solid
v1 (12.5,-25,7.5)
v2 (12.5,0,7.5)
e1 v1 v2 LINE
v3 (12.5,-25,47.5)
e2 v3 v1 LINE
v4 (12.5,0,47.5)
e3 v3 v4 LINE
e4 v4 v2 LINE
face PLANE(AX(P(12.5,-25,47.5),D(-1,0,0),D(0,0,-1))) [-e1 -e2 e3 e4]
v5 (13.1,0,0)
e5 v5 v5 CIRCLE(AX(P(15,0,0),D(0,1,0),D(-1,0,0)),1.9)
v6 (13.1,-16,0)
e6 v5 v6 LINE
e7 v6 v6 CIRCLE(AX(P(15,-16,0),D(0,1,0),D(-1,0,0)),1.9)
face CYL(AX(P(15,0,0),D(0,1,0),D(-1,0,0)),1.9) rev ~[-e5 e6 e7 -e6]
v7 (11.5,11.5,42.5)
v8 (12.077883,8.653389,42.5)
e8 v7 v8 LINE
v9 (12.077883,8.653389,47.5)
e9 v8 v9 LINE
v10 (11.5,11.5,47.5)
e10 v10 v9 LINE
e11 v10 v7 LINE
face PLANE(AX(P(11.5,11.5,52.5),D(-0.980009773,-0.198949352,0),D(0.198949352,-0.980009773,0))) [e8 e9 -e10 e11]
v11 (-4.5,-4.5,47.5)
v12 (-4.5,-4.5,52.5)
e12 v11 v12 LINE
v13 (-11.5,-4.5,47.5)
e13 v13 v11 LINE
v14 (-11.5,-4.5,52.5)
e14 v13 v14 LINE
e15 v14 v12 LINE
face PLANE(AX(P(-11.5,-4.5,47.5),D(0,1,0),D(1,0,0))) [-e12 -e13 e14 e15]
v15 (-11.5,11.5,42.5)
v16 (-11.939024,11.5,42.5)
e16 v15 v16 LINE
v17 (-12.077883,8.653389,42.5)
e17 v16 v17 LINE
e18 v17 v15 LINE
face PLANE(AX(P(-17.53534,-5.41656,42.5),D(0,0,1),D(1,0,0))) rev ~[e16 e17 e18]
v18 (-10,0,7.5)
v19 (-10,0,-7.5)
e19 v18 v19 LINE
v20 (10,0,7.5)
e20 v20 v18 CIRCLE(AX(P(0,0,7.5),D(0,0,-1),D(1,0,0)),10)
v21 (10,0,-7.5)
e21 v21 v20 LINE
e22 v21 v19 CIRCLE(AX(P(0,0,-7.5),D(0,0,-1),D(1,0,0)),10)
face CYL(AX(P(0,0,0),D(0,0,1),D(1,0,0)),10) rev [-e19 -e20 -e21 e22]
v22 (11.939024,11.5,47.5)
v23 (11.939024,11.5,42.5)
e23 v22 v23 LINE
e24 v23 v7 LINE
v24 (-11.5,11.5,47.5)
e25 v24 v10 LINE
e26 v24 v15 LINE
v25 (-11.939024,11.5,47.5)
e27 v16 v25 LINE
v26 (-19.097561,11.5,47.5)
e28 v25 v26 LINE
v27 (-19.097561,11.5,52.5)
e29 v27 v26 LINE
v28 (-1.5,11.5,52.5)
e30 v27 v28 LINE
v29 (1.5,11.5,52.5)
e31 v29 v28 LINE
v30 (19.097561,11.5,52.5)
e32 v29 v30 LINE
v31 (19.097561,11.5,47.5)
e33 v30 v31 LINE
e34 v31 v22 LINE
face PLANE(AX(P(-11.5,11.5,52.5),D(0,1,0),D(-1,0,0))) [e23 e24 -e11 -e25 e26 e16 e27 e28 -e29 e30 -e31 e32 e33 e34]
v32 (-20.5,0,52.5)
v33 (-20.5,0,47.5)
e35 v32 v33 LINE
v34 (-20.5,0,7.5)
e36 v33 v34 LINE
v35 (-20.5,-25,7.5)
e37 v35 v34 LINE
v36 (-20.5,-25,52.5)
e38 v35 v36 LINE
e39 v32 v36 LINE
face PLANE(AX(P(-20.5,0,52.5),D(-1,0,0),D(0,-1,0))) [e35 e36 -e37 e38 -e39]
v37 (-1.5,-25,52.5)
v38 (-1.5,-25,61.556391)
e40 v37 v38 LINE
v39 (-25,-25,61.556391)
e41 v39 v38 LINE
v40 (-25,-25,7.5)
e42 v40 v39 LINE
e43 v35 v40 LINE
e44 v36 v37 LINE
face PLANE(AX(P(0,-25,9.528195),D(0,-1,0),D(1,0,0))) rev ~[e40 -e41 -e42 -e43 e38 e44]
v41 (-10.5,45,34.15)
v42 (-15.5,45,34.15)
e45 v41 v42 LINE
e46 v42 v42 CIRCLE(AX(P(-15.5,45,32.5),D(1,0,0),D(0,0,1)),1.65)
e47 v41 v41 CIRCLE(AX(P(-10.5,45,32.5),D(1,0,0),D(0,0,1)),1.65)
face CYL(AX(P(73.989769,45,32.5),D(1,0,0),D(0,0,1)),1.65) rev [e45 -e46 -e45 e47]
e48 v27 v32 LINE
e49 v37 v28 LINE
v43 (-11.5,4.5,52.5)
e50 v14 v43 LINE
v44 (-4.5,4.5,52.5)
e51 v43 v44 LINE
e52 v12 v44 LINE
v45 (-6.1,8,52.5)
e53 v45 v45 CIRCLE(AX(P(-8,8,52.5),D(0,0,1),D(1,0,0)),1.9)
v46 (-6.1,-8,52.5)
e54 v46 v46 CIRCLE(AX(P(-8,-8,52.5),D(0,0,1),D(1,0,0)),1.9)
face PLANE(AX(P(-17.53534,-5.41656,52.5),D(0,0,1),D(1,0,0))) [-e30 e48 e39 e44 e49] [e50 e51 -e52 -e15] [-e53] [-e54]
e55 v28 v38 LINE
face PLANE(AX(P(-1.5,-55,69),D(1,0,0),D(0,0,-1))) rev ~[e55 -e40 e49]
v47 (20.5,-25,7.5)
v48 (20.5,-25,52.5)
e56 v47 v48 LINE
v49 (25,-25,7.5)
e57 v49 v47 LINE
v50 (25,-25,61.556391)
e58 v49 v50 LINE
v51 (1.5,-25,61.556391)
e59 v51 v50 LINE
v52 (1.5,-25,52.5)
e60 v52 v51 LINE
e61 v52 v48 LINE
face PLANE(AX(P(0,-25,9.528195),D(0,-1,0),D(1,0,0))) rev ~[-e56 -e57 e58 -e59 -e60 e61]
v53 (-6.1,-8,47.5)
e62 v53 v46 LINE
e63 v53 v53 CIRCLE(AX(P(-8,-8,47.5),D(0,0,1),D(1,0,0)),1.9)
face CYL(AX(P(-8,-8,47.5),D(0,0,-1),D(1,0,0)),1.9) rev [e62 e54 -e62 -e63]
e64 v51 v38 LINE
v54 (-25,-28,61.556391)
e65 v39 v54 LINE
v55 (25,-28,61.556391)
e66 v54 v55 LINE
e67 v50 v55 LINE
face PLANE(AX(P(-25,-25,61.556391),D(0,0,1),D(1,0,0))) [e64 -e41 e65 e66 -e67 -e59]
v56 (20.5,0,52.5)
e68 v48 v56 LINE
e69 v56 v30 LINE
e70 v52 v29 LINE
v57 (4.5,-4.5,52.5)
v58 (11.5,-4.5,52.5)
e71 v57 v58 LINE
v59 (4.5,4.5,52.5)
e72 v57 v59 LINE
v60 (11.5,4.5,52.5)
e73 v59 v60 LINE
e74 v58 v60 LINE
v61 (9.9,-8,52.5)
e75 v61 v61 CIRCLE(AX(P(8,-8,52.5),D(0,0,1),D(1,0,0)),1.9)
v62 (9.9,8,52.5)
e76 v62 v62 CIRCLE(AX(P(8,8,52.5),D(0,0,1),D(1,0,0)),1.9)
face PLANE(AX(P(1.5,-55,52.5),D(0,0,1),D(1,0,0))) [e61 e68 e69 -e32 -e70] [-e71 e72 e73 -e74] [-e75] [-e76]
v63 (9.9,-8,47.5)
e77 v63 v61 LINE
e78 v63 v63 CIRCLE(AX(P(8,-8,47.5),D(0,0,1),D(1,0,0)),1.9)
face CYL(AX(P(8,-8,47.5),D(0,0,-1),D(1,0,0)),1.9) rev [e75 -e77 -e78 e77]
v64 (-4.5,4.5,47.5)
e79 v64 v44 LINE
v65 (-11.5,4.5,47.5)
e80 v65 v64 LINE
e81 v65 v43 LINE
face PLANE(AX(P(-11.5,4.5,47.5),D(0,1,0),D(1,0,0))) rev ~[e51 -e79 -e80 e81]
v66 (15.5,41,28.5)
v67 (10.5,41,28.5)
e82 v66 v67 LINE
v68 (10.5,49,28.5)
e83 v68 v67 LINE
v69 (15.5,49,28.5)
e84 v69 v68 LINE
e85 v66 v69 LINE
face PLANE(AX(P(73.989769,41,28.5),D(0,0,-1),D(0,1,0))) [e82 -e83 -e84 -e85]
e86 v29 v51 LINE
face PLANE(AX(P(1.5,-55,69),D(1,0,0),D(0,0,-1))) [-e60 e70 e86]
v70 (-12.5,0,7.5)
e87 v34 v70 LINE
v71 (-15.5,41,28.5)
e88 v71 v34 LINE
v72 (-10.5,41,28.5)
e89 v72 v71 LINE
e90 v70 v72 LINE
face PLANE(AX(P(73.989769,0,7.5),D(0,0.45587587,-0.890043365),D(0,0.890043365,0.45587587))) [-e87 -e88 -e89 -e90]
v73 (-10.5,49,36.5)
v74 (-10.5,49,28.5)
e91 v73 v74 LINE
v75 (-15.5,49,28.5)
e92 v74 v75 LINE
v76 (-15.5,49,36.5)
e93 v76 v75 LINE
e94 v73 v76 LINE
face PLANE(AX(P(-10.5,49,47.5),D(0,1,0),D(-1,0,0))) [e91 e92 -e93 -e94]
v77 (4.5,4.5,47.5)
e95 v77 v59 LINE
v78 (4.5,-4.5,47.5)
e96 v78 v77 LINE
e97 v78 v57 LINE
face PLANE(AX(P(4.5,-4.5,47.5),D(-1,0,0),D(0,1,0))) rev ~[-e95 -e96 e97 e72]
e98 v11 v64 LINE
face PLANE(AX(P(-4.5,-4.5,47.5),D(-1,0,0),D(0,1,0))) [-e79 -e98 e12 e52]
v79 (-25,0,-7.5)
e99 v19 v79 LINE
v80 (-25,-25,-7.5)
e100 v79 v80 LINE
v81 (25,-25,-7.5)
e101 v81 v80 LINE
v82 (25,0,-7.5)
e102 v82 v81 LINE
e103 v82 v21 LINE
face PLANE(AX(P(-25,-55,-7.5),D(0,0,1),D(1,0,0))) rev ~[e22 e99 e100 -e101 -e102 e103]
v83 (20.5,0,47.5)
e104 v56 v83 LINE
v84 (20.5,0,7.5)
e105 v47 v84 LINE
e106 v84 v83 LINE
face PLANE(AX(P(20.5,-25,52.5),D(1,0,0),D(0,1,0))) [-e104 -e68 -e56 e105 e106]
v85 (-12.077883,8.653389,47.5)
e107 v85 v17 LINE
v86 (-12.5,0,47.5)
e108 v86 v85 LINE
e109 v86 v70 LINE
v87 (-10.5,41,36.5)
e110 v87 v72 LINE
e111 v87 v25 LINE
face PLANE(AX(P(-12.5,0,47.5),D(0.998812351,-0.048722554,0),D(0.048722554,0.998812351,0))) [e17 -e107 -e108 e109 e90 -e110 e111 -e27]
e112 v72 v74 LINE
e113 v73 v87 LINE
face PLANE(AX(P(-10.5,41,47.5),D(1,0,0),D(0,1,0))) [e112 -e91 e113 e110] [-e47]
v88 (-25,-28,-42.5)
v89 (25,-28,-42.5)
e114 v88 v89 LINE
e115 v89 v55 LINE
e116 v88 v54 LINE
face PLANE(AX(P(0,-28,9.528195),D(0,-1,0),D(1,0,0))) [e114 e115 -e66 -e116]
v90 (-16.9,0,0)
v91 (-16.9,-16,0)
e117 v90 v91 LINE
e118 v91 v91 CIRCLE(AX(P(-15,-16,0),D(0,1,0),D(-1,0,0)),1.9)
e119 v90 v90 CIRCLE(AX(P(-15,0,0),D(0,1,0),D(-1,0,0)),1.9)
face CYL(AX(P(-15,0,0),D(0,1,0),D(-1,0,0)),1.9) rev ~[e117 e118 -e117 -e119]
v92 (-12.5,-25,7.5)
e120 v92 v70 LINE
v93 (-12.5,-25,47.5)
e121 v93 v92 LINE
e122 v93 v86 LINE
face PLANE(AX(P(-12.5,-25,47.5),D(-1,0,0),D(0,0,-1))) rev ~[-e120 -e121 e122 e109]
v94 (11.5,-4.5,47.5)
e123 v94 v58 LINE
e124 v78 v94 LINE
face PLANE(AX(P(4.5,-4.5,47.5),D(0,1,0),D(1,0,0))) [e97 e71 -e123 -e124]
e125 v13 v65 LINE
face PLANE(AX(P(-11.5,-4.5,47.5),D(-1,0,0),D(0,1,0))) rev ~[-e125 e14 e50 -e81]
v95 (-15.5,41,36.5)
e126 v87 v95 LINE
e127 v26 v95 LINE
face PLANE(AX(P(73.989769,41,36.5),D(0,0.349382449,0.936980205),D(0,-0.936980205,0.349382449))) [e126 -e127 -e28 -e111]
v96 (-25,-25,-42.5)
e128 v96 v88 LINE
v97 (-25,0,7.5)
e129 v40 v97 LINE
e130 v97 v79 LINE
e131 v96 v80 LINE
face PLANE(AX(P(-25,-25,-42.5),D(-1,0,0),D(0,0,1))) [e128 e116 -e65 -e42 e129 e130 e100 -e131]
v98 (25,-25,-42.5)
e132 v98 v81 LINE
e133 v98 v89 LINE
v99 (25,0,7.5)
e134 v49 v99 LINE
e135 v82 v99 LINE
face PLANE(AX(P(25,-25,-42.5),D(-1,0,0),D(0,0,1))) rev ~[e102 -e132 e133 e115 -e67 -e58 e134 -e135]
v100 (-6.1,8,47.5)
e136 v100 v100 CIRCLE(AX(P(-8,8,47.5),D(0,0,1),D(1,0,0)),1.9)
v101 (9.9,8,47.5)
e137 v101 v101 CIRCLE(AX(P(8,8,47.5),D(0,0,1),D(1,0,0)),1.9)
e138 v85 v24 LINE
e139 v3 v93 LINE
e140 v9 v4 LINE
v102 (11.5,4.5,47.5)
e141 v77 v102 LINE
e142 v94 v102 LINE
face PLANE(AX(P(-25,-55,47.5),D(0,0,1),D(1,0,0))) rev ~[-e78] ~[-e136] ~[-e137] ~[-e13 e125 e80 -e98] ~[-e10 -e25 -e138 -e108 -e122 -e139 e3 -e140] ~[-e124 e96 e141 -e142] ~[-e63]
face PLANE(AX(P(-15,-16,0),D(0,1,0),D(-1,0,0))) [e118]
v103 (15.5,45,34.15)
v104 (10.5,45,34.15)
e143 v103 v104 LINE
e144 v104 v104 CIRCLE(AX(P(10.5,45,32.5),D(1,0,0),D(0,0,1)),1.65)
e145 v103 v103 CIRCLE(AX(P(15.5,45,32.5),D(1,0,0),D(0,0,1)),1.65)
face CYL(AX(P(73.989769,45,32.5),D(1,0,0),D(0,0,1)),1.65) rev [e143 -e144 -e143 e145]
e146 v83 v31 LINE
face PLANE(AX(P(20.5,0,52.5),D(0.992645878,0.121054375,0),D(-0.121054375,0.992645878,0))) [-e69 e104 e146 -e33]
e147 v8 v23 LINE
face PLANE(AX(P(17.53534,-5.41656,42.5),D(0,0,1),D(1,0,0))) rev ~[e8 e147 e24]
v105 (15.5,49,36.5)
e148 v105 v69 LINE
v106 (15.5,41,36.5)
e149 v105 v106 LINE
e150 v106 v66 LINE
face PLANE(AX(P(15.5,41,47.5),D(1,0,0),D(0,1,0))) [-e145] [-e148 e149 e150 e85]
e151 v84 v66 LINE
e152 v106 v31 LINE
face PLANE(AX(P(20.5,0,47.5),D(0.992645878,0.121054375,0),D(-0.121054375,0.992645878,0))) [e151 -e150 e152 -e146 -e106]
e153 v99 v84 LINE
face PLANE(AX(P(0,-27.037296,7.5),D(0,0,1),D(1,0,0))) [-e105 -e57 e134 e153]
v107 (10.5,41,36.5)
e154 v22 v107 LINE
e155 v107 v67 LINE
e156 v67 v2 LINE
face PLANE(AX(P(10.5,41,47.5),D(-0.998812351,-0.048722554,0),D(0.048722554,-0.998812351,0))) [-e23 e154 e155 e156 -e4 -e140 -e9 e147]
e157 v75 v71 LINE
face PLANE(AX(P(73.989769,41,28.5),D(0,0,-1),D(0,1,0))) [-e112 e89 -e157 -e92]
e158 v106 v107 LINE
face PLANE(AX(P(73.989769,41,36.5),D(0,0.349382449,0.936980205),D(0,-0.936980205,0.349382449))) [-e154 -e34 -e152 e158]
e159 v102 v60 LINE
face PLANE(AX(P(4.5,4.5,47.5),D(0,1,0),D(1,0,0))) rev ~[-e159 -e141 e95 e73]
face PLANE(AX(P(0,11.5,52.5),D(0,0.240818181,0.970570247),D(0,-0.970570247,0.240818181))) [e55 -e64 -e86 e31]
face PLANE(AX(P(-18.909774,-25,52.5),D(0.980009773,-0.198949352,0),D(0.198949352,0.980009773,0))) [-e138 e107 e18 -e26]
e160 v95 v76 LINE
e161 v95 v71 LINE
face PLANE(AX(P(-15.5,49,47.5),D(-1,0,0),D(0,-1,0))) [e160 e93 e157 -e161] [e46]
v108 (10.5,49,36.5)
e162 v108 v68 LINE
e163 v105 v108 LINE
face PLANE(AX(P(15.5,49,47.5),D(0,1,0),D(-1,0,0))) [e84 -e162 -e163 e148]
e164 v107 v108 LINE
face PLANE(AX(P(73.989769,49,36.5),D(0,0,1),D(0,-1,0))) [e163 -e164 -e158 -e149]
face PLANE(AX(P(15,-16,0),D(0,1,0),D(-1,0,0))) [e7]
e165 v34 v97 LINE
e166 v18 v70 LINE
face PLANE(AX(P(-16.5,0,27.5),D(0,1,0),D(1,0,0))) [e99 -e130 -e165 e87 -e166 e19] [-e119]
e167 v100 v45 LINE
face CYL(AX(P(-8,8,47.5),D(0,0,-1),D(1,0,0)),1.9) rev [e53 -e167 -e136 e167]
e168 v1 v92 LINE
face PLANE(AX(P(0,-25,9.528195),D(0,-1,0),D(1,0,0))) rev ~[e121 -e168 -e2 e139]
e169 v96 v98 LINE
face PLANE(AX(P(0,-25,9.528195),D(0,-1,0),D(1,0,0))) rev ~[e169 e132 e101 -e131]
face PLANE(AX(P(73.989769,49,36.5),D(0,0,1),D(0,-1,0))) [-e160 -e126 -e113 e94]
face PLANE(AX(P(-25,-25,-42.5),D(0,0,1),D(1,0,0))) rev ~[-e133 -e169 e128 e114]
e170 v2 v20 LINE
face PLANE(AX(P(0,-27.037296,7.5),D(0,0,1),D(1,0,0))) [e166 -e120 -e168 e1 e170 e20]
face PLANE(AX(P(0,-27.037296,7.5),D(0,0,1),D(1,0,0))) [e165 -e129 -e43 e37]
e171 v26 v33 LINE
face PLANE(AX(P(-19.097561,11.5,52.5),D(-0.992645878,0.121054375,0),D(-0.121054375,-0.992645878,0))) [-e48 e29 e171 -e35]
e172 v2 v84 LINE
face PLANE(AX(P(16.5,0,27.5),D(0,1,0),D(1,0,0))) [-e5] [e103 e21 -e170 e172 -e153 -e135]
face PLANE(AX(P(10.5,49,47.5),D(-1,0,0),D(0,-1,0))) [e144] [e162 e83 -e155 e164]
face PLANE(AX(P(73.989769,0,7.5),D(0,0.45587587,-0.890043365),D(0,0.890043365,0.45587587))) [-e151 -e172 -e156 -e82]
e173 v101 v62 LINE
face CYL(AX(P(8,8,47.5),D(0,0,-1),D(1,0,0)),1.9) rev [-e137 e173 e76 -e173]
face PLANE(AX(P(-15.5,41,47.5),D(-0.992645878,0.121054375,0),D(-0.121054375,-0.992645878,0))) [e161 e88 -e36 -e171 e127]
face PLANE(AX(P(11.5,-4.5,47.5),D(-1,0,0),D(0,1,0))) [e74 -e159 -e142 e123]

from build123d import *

# Parameters (mm, degrees)
MOTOR_MOUNT_SOLID_DEPTH              = 7.5
ENCODER_DISTANCE_SKETCH_W            = 50
ENCODER_DISTANCE_SKETCH_H            = 55
ENCODER_DISTANCE_SOLID_DEPTH         = 5
ENCODER_MOUNT_SKETCH_R               = 1.9
ENCODER_MOUNT_SKETCH_W               = 7
ENCODER_MOUNT_SKETCH_H               = 9
ENCODER_MOUNT_SOLID_DEPTH            = 5
MOTOR_CLAMP_MOUNTING_HOLES_SKETCH_R  = 1.9
MOTOR_CLAMP_MOUNTING_HOLES_CUT_DEPTH = 16
GUSSET_PLATE_SKETCH_W                = 50
GUSSET_PLATE_SKETCH_H                = 5
GUSSET_PLATE_SOLID_DEPTH             = 16.5
GUSSET_SOLID_DEPTH                   = 1.5
MOUNTING_PLATE_SKETCH_W              = 50
MOUNTING_PLATE_SKETCH_H              = 92
MOUNTING_PLATE_SKETCH_R              = 2.65
MOUNTING_PLATE_SOLID_DEPTH           = 5
MOUNTING_HOLES_CUT_DEPTH             = 100.036609393
MOUNTING_HOLES_CUT_DEPTH_BACK        = 100.036609393
MOUNTING_HOLE_SKETCH_R               = 2.65
MOUNTING_PLATE_TRIM_SKETCH_W         = 50
MOUNTING_PLATE_TRIM_SKETCH_H         = 15.5
MOUNTING_PLATE_TRIM_SKETCH_H_2       = 40
MOUNTING_PLATE_TRIM_SKETCH_W_2       = 23.5
MOUNTING_PLATE_TRIM_SKETCH_H_3       = 16.5
MOUNTING_PLATE_TRIM_CUT_DEPTH        = 2
CUT_EXTRUDE1_DEPTH                   = 105.216121594
CUT_EXTRUDE1_DEPTH_BACK              = 105.216121594
SKETCH1_W                            = 92
SKETCH1_H                            = 35
SKETCH2_W                            = 50
SKETCH2_H                            = 104.056390977
BOSS_EXTRUDE1_DEPTH                  = 3
SKETCH3_W                            = 8
SKETCH3_H                            = 40
BOSS_EXTRUDE2_DEPTH                  = 25
BOSS_EXTRUDE3_DEPTH                  = 40
CUT_EXTRUDE2_DEPTH                   = 89.489769297
CUT_EXTRUDE2_DEPTH_BACK              = 89.489769297
SKETCH5_R                            = 1.65
CUT_EXTRUDE3_DEPTH                   = 89.489769297
CUT_EXTRUDE3_DEPTH_BACK              = 89.489769297
BOSS_EXTRUDE4_DEPTH                  = 10


with BuildPart() as part:
    # Mouting Mount Sketch → Motor Mount Solid (new, symmetric)
    with BuildSketch(Plane.XY):
        with BuildLine():
            Line((-25, -55), (25, -55))
            Line((25, -55), (25, 0))
            Line((25, 0), (10, 0))
            ThreePointArc((10, 0), (0, -10), (-10, 0))
            Line((-10, 0), (-25, 0))
            Line((-25, 0), (-25, -55))
        make_face()
    extrude(amount=MOTOR_MOUNT_SOLID_DEPTH, both=True)

    # Encoder Distance Sketch → Encoder Distance Solid (add)
    with BuildSketch(Plane.XZ.offset(55)):
        with Locations((0, 20)):
            Rectangle(ENCODER_DISTANCE_SKETCH_W, ENCODER_DISTANCE_SKETCH_H)
    extrude(amount=ENCODER_DISTANCE_SOLID_DEPTH)

    # Encoder Mount Sketch → Encoder Mount Solid (add)
    with BuildSketch(Plane.XY.offset(47.5)):
        Polygon((-25, -60), (-25, -55), (-11.5, 11.5), (11.5, 11.5), (25, -55), (25, -60), align=None)
        with Locations((-8, 8)):
            Circle(ENCODER_MOUNT_SKETCH_R, mode=Mode.SUBTRACT)
        with Locations((8, 8)):
            Circle(ENCODER_MOUNT_SKETCH_R, mode=Mode.SUBTRACT)
        with Locations((-8, -8)):
            Circle(ENCODER_MOUNT_SKETCH_R, mode=Mode.SUBTRACT)
        with Locations((8, -8)):
            Circle(ENCODER_MOUNT_SKETCH_R, mode=Mode.SUBTRACT)
        with Locations((-8, 0)):
            Rectangle(ENCODER_MOUNT_SKETCH_W, ENCODER_MOUNT_SKETCH_H, mode=Mode.SUBTRACT)
        with Locations((8, 0)):
            Rectangle(ENCODER_MOUNT_SKETCH_W, ENCODER_MOUNT_SKETCH_H, mode=Mode.SUBTRACT)
    extrude(amount=ENCODER_MOUNT_SOLID_DEPTH)

    # Motor Clamp Mounting Holes Sketch → Motor Clamp Mounting Holes Cut (cut)
    with BuildSketch(Plane(origin=(0, 0, 0), x_dir=(1, 0, 0), z_dir=(0, 1, 0))):
        with Locations(Location((-15, 0, 0), (0, 0, 180))):
            Circle(MOTOR_CLAMP_MOUNTING_HOLES_SKETCH_R)
        with Locations(Location((15, 0, 0), (0, 0, 180))):
            Circle(MOTOR_CLAMP_MOUNTING_HOLES_SKETCH_R)
    extrude(amount=-MOTOR_CLAMP_MOUNTING_HOLES_CUT_DEPTH, mode=Mode.SUBTRACT)

    # Gusset Plate Sketch → Gusset Plate Solid (add)
    with BuildSketch(Plane.XY.offset(52.5)):
        with Locations((0, -57.5)):
            Rectangle(GUSSET_PLATE_SKETCH_W, GUSSET_PLATE_SKETCH_H)
    extrude(amount=GUSSET_PLATE_SOLID_DEPTH)

    # Gusset Sketch → Gusset Solid (add, symmetric)
    with BuildSketch(Plane(origin=(0, 0, 0), x_dir=(0, 0, -1), z_dir=(1, 0, 0))):
        Polygon((-52.5, 11.5), (-69, -55), (-52.5, -55), align=None)
    extrude(amount=GUSSET_SOLID_DEPTH, both=True)

    # Mounting Plate Sketch → Mounting Plate Solid (add)
    with BuildSketch(Plane(origin=(0, -55, 0), x_dir=(1, 0, 0), z_dir=(0, 1, 0))):
        with Locations((0, -23)):
            Rectangle(MOUNTING_PLATE_SKETCH_W, MOUNTING_PLATE_SKETCH_H)
        with Locations((-19, -63)):
            Circle(MOUNTING_PLATE_SKETCH_R, mode=Mode.SUBTRACT)
        with Locations((19, -63)):
            Circle(MOUNTING_PLATE_SKETCH_R, mode=Mode.SUBTRACT)
        with Locations(Location((-19, 17, 0), (0, 0, 270))):
            Circle(MOUNTING_PLATE_SKETCH_R, mode=Mode.SUBTRACT)
        with Locations(Location((19, 17, 0), (0, 0, 270))):
            Circle(MOUNTING_PLATE_SKETCH_R, mode=Mode.SUBTRACT)
    extrude(amount=-MOUNTING_PLATE_SOLID_DEPTH)

    # Mounting Hole Sketch → Mounting Holes Cut (cut, two sides: drawn at the far end of the back side and taken through both)
    with BuildSketch(Plane(origin=(0, -55, 0), x_dir=(1, 0, 0), z_dir=(0, 1, 0)).offset(-MOUNTING_HOLES_CUT_DEPTH_BACK)):
        with Locations(Location((-19, 17, 0), (0, 0, 270))):
            Circle(MOUNTING_HOLE_SKETCH_R)
        with Locations(Location((19, 17, 0), (0, 0, 270))):
            Circle(MOUNTING_HOLE_SKETCH_R)
        with Locations(Location((19, -63, 0), (0, 0, 90))):
            Circle(MOUNTING_HOLE_SKETCH_R)
        with Locations(Location((-19, -63, 0), (0, 0, 90))):
            Circle(MOUNTING_HOLE_SKETCH_R)
    extrude(amount=MOUNTING_HOLES_CUT_DEPTH + MOUNTING_HOLES_CUT_DEPTH_BACK, mode=Mode.SUBTRACT)

    # Mounting Plate Trim Sketch → Mounting Plate Trim Cut (cut)
    with BuildSketch(Plane(origin=(0, -55, 0), x_dir=(1, 0, 0), z_dir=(0, 1, 0))):
        with Locations((0, 15.25)):
            Rectangle(MOUNTING_PLATE_TRIM_SKETCH_W, MOUNTING_PLATE_TRIM_SKETCH_H)
        with Locations((0, -27.5)):
            Rectangle(MOUNTING_PLATE_TRIM_SKETCH_W, MOUNTING_PLATE_TRIM_SKETCH_H_2)
        with Locations((13.25, -60.75)):
            Rectangle(MOUNTING_PLATE_TRIM_SKETCH_W_2, MOUNTING_PLATE_TRIM_SKETCH_H_3)
        with Locations((-13.25, -60.75)):
            Rectangle(MOUNTING_PLATE_TRIM_SKETCH_W_2, MOUNTING_PLATE_TRIM_SKETCH_H_3)
    extrude(amount=-MOUNTING_PLATE_TRIM_CUT_DEPTH, mode=Mode.SUBTRACT)

    # Sketch1 → Cut-Extrude1 (cut, two sides: drawn at the far end of the back side and taken through both)
    with BuildSketch(Plane.ZY.offset(25).offset(-CUT_EXTRUDE1_DEPTH_BACK)):
        with Locations((23, -42.5)):
            Rectangle(SKETCH1_W, SKETCH1_H)
    extrude(amount=CUT_EXTRUDE1_DEPTH + CUT_EXTRUDE1_DEPTH_BACK, mode=Mode.SUBTRACT)


with BuildPart() as cut_extrude1_piece_1:
    # of the separate pieces the step leaves, piece 1, a body of its own (cut_extrude1_pieces)
    add(part.part.solids().sort_by_distance((-25, -25, -7.5))[0])



with BuildPart() as cut_extrude1_piece_2:
    # of the separate pieces the step leaves, piece 2, a body of its own (cut_extrude1_pieces)
    add(part.part.solids().sort_by_distance((11.5, 11.5, 47.5))[0])


with BuildPart() as cut_extrude1_piece_1_1:
    add(cut_extrude1_piece_1.part)

    add(cut_extrude1_piece_2.part)  # Boss-Extrude1 merges Cut-Extrude1 piece 2
    # Sketch2 → Boss-Extrude1 (add)
    with BuildSketch(Plane.XZ.offset(25)):
        with Locations((0, 9.528195489)):
            Rectangle(SKETCH2_W, SKETCH2_H)
    extrude(amount=BOSS_EXTRUDE1_DEPTH)

    # Sketch3 → Boss-Extrude2 (add)
    with BuildSketch(Plane(origin=(0, -25, 0), x_dir=(1, 0, 0), z_dir=(0, 1, 0))):
        with Locations((16.5, -27.5)):
            Rectangle(SKETCH3_W, SKETCH3_H)
        with Locations((-16.5, -27.5)):
            Rectangle(SKETCH3_W, SKETCH3_H)
    extrude(amount=BOSS_EXTRUDE2_DEPTH)

    # Sketch4 → Boss-Extrude3 (add)
    with BuildSketch(Plane.XY.offset(47.5)):
        Polygon((-15.5, 41), (-20.5, 0), (-12.5, 0), (-10.5, 41), (-10.5, 49), (-15.5, 49), align=None)
        Polygon((10.5, 49), (10.5, 41), (12.5, 0), (20.5, 0), (15.5, 41), (15.5, 49), align=None)
    extrude(amount=-BOSS_EXTRUDE3_DEPTH)

    # Sketch5 → Cut-Extrude2 (cut, two sides: drawn at the far end of the back side and taken through both)
    with BuildSketch(Plane.ZY.offset(15.5).offset(-CUT_EXTRUDE2_DEPTH_BACK)):
        with Locations((32.5, 45)):
            Circle(SKETCH5_R)
    extrude(amount=CUT_EXTRUDE2_DEPTH + CUT_EXTRUDE2_DEPTH_BACK, mode=Mode.SUBTRACT)

    # Sketch6 → Cut-Extrude3 (cut, two sides: drawn at the far end of the back side and taken through both)
    with BuildSketch(Plane.ZY.offset(15.5).offset(-CUT_EXTRUDE3_DEPTH_BACK)):
        Polygon((36.5, 41), (47.5, 11.5), (52.5, 11.5), (52.5, 49), (36.5, 49), align=None)
        Polygon((7.5, 0), (28.5, 41), (28.5, 49), (7.5, 49), align=None)
    extrude(amount=CUT_EXTRUDE3_DEPTH + CUT_EXTRUDE3_DEPTH_BACK, mode=Mode.SUBTRACT)

    # Sketch7 → Boss-Extrude4 (add)
    with BuildSketch(Plane.XY.offset(52.5)):
        Polygon((-11.5, 11.5), (-19.097560976, 11.5), (-20.5, 0), (-20.5, -25), (-18.909774436, -25), align=None)
        Polygon((11.5, 11.5), (18.909774436, -25), (20.5, -25), (20.5, 0), (19.097560976, 11.5), align=None)
    extrude(amount=-BOSS_EXTRUDE4_DEPTH)


solid = cut_extrude1_piece_1_1.part
